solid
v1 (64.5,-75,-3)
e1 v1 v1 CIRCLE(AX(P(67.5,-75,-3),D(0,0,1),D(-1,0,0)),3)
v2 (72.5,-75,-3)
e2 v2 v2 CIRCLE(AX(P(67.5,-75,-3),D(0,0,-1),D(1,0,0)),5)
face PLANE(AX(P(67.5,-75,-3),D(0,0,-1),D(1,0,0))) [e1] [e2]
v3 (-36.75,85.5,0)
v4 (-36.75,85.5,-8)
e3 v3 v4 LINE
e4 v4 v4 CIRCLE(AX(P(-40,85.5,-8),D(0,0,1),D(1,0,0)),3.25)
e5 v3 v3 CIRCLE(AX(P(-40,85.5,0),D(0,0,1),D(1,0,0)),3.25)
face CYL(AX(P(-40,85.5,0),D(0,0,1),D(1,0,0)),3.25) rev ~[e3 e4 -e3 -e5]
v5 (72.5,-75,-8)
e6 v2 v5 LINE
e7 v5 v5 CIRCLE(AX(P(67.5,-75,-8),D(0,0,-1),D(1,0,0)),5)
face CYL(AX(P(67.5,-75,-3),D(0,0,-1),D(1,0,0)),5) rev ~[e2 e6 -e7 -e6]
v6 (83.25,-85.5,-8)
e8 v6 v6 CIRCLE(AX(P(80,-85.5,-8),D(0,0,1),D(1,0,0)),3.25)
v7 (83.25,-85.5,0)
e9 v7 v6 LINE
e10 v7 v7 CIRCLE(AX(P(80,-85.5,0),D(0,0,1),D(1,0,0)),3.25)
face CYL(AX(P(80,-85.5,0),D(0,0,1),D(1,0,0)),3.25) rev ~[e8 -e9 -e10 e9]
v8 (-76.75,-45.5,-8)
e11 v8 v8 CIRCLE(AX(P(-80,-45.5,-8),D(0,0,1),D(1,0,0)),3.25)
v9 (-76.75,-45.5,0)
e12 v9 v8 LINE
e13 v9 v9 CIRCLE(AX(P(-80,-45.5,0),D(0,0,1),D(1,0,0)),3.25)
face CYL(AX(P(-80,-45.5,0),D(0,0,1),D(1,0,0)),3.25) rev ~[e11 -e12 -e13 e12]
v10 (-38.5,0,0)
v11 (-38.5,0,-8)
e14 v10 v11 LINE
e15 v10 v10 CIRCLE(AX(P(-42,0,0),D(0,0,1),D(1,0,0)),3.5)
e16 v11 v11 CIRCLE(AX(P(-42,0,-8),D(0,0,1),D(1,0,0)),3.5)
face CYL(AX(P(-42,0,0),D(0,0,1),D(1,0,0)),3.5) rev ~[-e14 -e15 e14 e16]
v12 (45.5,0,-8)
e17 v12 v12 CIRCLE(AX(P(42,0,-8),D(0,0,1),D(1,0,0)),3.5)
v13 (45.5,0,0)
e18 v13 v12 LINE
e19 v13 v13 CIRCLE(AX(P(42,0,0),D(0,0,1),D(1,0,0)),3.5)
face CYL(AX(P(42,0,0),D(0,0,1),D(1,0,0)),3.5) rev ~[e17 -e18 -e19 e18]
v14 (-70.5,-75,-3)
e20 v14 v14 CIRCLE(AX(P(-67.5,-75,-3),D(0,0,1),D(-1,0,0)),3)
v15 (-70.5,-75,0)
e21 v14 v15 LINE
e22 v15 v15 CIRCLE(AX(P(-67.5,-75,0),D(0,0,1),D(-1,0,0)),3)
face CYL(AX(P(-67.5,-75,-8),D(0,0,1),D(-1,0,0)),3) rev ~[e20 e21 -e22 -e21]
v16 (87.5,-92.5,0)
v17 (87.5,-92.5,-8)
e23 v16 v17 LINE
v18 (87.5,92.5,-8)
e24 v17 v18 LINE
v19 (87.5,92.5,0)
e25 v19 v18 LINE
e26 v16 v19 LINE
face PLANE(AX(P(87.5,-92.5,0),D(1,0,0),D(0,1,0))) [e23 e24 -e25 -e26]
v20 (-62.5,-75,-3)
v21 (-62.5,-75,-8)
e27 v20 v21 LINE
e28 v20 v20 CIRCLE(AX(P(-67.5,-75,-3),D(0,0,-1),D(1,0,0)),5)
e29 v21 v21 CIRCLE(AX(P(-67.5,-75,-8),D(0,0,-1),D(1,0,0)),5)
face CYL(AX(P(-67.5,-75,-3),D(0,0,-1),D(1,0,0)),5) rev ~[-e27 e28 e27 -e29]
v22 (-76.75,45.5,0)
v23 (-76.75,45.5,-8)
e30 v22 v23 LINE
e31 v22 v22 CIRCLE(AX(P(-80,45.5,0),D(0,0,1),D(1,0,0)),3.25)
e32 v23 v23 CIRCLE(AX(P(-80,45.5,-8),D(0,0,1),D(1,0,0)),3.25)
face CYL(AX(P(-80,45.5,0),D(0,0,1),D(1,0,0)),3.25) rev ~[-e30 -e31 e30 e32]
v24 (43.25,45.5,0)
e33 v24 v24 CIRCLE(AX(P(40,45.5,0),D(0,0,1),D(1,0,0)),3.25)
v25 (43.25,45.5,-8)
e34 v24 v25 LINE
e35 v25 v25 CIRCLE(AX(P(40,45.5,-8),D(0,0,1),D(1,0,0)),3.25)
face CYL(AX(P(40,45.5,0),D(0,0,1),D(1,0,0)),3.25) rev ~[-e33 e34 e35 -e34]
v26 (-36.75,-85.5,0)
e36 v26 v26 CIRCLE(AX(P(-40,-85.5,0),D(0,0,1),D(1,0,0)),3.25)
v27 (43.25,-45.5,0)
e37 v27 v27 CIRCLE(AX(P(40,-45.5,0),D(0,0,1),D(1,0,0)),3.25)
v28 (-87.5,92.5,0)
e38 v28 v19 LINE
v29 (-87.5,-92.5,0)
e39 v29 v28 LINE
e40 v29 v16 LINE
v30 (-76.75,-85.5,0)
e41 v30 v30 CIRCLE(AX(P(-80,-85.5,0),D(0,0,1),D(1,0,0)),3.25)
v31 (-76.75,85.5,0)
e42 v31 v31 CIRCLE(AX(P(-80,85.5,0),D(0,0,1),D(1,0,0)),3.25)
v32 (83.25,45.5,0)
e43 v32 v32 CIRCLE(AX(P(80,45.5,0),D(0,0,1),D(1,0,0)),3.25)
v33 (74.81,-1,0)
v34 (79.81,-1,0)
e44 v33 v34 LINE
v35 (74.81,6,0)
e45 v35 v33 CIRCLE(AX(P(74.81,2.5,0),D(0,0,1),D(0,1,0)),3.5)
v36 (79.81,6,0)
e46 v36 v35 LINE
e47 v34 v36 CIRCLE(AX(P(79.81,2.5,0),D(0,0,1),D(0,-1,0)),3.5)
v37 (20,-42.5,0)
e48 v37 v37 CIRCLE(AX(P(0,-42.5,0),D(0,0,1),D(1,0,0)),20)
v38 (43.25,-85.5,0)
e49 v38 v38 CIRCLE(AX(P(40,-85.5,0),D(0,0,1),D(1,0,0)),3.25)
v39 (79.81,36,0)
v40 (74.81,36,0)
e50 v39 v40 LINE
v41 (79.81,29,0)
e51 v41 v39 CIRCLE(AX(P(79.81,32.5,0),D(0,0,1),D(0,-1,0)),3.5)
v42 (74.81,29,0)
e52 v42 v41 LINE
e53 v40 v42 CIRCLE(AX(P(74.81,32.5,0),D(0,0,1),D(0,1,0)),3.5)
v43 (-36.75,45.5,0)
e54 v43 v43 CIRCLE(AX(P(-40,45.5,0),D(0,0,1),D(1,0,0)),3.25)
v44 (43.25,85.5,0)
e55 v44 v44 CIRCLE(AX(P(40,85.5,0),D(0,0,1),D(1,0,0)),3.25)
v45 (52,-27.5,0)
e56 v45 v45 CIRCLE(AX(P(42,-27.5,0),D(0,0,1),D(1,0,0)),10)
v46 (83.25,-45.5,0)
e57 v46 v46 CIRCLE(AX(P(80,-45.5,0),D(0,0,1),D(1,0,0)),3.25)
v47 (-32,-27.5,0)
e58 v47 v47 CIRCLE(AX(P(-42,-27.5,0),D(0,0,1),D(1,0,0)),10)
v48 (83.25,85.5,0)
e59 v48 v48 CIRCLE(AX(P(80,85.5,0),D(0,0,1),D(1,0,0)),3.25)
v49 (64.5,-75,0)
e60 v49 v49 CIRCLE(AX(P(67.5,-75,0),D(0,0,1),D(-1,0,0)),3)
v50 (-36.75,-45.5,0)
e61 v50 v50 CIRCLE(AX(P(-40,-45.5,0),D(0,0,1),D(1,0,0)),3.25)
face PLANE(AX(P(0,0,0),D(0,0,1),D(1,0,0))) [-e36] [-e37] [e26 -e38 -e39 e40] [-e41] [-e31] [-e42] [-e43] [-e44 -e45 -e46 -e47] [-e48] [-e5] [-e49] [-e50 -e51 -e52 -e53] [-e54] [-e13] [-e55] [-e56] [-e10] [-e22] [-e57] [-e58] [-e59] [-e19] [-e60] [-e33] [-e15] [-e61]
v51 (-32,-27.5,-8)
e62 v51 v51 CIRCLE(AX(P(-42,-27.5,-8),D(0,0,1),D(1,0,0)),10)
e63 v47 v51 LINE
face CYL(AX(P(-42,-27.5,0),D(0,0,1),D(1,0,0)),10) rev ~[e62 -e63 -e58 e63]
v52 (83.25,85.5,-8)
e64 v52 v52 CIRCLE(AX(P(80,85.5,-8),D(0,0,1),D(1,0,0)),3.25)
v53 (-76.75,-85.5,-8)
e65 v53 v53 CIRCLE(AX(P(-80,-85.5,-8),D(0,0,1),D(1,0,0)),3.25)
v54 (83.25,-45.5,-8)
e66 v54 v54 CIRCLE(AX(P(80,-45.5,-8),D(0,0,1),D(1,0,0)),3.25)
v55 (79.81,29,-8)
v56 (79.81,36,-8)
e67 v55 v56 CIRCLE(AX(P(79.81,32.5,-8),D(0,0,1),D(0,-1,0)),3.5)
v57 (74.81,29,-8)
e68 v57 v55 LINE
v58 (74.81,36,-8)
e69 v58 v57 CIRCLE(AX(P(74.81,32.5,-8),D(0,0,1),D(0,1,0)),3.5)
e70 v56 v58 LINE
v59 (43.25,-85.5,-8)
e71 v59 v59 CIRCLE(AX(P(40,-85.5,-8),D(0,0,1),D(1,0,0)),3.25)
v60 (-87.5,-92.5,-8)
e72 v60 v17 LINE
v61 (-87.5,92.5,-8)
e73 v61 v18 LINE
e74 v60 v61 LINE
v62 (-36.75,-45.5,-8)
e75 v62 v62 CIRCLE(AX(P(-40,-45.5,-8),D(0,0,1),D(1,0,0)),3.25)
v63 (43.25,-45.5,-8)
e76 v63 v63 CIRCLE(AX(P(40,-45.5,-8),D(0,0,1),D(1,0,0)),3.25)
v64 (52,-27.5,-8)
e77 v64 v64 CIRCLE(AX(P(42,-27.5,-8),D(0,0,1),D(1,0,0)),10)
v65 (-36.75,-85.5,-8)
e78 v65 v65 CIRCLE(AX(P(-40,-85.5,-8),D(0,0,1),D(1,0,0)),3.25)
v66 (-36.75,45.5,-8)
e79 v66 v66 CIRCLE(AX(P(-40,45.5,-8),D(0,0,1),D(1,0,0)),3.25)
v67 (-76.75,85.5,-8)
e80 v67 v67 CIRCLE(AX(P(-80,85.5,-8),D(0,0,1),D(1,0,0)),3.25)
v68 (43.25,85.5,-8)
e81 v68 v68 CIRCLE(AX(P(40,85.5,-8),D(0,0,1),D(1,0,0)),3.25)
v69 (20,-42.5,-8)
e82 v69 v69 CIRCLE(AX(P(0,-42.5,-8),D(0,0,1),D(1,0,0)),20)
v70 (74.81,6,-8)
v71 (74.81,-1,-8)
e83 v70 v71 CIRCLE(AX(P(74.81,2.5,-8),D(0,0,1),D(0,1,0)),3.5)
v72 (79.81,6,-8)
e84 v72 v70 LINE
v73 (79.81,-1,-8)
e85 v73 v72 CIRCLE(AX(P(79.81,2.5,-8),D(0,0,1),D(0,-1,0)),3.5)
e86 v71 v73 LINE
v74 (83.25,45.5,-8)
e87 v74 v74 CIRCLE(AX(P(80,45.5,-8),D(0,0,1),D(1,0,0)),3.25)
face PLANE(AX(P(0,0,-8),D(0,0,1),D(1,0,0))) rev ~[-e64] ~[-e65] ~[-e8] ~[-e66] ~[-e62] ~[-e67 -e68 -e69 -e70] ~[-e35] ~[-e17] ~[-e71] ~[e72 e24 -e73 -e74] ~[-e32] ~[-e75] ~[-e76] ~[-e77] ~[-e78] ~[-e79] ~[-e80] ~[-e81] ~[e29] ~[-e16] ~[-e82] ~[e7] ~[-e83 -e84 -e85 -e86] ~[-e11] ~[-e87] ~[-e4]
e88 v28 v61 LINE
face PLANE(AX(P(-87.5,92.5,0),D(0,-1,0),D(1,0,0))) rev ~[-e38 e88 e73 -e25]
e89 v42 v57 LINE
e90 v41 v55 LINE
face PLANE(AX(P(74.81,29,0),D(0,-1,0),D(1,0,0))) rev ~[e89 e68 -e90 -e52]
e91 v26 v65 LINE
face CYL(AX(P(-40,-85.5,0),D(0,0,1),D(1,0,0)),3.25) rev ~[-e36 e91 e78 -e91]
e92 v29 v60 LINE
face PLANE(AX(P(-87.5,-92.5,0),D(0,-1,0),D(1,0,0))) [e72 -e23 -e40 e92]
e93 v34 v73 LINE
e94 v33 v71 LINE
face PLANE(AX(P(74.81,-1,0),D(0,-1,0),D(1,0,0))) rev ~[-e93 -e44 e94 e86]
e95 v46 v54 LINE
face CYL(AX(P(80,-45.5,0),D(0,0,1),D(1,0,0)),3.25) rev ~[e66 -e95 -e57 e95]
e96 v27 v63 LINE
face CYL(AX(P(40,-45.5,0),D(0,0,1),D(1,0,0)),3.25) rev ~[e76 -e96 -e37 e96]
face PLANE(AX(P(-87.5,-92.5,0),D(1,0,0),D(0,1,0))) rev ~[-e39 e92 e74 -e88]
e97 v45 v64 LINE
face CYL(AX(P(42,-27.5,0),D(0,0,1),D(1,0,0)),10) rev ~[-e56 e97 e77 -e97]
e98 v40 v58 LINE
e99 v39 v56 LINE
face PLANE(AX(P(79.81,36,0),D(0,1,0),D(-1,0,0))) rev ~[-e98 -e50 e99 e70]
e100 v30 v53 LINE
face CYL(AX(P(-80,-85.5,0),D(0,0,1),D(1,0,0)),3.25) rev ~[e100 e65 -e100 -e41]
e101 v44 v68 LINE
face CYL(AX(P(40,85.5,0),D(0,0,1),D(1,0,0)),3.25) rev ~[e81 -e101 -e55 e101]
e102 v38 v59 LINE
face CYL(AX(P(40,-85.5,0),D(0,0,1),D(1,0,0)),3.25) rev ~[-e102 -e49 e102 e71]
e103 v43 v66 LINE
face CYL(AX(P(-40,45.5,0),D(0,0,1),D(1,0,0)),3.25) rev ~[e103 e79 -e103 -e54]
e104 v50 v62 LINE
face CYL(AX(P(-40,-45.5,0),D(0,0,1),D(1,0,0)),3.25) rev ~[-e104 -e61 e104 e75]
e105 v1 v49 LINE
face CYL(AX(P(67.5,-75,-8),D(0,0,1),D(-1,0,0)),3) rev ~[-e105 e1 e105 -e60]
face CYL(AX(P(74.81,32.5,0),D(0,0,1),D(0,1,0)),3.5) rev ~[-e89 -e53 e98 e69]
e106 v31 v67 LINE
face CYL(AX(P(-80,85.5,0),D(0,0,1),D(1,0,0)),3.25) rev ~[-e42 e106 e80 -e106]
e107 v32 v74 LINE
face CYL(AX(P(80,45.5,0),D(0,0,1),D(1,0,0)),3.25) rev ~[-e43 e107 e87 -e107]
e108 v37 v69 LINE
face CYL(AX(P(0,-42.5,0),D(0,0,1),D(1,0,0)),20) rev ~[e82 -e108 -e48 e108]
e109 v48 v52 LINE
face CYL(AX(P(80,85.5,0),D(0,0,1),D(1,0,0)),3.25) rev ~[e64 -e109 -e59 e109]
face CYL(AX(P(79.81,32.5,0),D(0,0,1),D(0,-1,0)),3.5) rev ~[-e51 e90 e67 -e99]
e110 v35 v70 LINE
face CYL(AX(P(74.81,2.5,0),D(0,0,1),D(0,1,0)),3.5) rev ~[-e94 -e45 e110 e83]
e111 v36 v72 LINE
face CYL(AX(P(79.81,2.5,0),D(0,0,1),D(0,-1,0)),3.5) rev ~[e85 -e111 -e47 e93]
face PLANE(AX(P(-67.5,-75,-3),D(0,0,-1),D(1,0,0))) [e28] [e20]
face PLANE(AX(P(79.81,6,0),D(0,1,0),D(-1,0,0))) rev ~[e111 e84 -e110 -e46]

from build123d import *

# Parameters (mm, degrees)
F0_W           = 175
F0_H           = 185
F1_DEPTH       = 8
F2_R           = 3.25
F2_R_2         = 3.5
F2_R_3         = 10
F2_R_4         = 20
F3_DEPTH       = 25
F5_D           = 6
F5_DEPTH       = 15
F5_CBORE_D     = 10
F5_CBORE_DEPTH = 5


with BuildPart() as f1:
    # F0 (on Top) → F1 (new body)
    with BuildSketch(Plane.XY):
        Rectangle(F0_W, F0_H)
    extrude(amount=-F1_DEPTH)

    # F2 (on face) → F3 (cut)
    with BuildSketch(Plane.XY):
        with Locations((-80, 85.5)):
            Circle(F2_R)
        with Locations((-40, 85.5)):
            Circle(F2_R)
        with Locations((-40, 45.5)):
            Circle(F2_R)
        with Locations((-80, 45.5)):
            Circle(F2_R)
        with Locations((40, 85.5)):
            Circle(F2_R)
        with Locations((80, 85.5)):
            Circle(F2_R)
        with Locations((40, 45.5)):
            Circle(F2_R)
        with Locations((80, 45.5)):
            Circle(F2_R)
        with BuildLine():
            Line((77.31, 29), (79.81, 29))
            ThreePointArc((79.81, 29), (83.31, 32.5), (79.81, 36))
            Line((79.81, 36), (74.81, 36))
            ThreePointArc((74.81, 36), (71.31, 32.5), (74.81, 29))
            Line((74.81, 29), (77.31, 29))
        make_face()
        with BuildLine():
            ThreePointArc((79.81, -1), (83.31, 2.5), (79.81, 6))
            Line((79.81, 6), (74.81, 6))
            ThreePointArc((74.81, 6), (71.31, 2.5), (74.81, -1))
            Line((74.81, -1), (79.81, -1))
        make_face()
        with Locations((42, 0)):
            Circle(F2_R_2)
        with Locations((42, -27.5)):
            Circle(F2_R_3)
        with Locations((40, -45.5)):
            Circle(F2_R)
        with Locations((80, -85.5)):
            Circle(F2_R)
        with Locations((80, -45.5)):
            Circle(F2_R)
        with Locations((40, -85.5)):
            Circle(F2_R)
        with Locations((-40, -85.5)):
            Circle(F2_R)
        with Locations((-80, -85.5)):
            Circle(F2_R)
        with Locations((-80, -45.5)):
            Circle(F2_R)
        with Locations((-40, -45.5)):
            Circle(F2_R)
        with Locations((-42, -27.5)):
            Circle(F2_R_3)
        with Locations((-42, 0)):
            Circle(F2_R_2)
        with Locations((0, -42.5)):
            Circle(F2_R_4)
    extrude(amount=-F3_DEPTH, mode=Mode.SUBTRACT)

    # F5
    with Locations(Plane(origin=(0, 0, -8), x_dir=(1, 0, 0), z_dir=(0, 0, -1))):
        with Locations((-67.5, 75), (67.5, 75)):
            CounterBoreHole(F5_D / 2, F5_CBORE_D / 2, F5_CBORE_DEPTH, depth=F5_DEPTH)


solid = f1.part
